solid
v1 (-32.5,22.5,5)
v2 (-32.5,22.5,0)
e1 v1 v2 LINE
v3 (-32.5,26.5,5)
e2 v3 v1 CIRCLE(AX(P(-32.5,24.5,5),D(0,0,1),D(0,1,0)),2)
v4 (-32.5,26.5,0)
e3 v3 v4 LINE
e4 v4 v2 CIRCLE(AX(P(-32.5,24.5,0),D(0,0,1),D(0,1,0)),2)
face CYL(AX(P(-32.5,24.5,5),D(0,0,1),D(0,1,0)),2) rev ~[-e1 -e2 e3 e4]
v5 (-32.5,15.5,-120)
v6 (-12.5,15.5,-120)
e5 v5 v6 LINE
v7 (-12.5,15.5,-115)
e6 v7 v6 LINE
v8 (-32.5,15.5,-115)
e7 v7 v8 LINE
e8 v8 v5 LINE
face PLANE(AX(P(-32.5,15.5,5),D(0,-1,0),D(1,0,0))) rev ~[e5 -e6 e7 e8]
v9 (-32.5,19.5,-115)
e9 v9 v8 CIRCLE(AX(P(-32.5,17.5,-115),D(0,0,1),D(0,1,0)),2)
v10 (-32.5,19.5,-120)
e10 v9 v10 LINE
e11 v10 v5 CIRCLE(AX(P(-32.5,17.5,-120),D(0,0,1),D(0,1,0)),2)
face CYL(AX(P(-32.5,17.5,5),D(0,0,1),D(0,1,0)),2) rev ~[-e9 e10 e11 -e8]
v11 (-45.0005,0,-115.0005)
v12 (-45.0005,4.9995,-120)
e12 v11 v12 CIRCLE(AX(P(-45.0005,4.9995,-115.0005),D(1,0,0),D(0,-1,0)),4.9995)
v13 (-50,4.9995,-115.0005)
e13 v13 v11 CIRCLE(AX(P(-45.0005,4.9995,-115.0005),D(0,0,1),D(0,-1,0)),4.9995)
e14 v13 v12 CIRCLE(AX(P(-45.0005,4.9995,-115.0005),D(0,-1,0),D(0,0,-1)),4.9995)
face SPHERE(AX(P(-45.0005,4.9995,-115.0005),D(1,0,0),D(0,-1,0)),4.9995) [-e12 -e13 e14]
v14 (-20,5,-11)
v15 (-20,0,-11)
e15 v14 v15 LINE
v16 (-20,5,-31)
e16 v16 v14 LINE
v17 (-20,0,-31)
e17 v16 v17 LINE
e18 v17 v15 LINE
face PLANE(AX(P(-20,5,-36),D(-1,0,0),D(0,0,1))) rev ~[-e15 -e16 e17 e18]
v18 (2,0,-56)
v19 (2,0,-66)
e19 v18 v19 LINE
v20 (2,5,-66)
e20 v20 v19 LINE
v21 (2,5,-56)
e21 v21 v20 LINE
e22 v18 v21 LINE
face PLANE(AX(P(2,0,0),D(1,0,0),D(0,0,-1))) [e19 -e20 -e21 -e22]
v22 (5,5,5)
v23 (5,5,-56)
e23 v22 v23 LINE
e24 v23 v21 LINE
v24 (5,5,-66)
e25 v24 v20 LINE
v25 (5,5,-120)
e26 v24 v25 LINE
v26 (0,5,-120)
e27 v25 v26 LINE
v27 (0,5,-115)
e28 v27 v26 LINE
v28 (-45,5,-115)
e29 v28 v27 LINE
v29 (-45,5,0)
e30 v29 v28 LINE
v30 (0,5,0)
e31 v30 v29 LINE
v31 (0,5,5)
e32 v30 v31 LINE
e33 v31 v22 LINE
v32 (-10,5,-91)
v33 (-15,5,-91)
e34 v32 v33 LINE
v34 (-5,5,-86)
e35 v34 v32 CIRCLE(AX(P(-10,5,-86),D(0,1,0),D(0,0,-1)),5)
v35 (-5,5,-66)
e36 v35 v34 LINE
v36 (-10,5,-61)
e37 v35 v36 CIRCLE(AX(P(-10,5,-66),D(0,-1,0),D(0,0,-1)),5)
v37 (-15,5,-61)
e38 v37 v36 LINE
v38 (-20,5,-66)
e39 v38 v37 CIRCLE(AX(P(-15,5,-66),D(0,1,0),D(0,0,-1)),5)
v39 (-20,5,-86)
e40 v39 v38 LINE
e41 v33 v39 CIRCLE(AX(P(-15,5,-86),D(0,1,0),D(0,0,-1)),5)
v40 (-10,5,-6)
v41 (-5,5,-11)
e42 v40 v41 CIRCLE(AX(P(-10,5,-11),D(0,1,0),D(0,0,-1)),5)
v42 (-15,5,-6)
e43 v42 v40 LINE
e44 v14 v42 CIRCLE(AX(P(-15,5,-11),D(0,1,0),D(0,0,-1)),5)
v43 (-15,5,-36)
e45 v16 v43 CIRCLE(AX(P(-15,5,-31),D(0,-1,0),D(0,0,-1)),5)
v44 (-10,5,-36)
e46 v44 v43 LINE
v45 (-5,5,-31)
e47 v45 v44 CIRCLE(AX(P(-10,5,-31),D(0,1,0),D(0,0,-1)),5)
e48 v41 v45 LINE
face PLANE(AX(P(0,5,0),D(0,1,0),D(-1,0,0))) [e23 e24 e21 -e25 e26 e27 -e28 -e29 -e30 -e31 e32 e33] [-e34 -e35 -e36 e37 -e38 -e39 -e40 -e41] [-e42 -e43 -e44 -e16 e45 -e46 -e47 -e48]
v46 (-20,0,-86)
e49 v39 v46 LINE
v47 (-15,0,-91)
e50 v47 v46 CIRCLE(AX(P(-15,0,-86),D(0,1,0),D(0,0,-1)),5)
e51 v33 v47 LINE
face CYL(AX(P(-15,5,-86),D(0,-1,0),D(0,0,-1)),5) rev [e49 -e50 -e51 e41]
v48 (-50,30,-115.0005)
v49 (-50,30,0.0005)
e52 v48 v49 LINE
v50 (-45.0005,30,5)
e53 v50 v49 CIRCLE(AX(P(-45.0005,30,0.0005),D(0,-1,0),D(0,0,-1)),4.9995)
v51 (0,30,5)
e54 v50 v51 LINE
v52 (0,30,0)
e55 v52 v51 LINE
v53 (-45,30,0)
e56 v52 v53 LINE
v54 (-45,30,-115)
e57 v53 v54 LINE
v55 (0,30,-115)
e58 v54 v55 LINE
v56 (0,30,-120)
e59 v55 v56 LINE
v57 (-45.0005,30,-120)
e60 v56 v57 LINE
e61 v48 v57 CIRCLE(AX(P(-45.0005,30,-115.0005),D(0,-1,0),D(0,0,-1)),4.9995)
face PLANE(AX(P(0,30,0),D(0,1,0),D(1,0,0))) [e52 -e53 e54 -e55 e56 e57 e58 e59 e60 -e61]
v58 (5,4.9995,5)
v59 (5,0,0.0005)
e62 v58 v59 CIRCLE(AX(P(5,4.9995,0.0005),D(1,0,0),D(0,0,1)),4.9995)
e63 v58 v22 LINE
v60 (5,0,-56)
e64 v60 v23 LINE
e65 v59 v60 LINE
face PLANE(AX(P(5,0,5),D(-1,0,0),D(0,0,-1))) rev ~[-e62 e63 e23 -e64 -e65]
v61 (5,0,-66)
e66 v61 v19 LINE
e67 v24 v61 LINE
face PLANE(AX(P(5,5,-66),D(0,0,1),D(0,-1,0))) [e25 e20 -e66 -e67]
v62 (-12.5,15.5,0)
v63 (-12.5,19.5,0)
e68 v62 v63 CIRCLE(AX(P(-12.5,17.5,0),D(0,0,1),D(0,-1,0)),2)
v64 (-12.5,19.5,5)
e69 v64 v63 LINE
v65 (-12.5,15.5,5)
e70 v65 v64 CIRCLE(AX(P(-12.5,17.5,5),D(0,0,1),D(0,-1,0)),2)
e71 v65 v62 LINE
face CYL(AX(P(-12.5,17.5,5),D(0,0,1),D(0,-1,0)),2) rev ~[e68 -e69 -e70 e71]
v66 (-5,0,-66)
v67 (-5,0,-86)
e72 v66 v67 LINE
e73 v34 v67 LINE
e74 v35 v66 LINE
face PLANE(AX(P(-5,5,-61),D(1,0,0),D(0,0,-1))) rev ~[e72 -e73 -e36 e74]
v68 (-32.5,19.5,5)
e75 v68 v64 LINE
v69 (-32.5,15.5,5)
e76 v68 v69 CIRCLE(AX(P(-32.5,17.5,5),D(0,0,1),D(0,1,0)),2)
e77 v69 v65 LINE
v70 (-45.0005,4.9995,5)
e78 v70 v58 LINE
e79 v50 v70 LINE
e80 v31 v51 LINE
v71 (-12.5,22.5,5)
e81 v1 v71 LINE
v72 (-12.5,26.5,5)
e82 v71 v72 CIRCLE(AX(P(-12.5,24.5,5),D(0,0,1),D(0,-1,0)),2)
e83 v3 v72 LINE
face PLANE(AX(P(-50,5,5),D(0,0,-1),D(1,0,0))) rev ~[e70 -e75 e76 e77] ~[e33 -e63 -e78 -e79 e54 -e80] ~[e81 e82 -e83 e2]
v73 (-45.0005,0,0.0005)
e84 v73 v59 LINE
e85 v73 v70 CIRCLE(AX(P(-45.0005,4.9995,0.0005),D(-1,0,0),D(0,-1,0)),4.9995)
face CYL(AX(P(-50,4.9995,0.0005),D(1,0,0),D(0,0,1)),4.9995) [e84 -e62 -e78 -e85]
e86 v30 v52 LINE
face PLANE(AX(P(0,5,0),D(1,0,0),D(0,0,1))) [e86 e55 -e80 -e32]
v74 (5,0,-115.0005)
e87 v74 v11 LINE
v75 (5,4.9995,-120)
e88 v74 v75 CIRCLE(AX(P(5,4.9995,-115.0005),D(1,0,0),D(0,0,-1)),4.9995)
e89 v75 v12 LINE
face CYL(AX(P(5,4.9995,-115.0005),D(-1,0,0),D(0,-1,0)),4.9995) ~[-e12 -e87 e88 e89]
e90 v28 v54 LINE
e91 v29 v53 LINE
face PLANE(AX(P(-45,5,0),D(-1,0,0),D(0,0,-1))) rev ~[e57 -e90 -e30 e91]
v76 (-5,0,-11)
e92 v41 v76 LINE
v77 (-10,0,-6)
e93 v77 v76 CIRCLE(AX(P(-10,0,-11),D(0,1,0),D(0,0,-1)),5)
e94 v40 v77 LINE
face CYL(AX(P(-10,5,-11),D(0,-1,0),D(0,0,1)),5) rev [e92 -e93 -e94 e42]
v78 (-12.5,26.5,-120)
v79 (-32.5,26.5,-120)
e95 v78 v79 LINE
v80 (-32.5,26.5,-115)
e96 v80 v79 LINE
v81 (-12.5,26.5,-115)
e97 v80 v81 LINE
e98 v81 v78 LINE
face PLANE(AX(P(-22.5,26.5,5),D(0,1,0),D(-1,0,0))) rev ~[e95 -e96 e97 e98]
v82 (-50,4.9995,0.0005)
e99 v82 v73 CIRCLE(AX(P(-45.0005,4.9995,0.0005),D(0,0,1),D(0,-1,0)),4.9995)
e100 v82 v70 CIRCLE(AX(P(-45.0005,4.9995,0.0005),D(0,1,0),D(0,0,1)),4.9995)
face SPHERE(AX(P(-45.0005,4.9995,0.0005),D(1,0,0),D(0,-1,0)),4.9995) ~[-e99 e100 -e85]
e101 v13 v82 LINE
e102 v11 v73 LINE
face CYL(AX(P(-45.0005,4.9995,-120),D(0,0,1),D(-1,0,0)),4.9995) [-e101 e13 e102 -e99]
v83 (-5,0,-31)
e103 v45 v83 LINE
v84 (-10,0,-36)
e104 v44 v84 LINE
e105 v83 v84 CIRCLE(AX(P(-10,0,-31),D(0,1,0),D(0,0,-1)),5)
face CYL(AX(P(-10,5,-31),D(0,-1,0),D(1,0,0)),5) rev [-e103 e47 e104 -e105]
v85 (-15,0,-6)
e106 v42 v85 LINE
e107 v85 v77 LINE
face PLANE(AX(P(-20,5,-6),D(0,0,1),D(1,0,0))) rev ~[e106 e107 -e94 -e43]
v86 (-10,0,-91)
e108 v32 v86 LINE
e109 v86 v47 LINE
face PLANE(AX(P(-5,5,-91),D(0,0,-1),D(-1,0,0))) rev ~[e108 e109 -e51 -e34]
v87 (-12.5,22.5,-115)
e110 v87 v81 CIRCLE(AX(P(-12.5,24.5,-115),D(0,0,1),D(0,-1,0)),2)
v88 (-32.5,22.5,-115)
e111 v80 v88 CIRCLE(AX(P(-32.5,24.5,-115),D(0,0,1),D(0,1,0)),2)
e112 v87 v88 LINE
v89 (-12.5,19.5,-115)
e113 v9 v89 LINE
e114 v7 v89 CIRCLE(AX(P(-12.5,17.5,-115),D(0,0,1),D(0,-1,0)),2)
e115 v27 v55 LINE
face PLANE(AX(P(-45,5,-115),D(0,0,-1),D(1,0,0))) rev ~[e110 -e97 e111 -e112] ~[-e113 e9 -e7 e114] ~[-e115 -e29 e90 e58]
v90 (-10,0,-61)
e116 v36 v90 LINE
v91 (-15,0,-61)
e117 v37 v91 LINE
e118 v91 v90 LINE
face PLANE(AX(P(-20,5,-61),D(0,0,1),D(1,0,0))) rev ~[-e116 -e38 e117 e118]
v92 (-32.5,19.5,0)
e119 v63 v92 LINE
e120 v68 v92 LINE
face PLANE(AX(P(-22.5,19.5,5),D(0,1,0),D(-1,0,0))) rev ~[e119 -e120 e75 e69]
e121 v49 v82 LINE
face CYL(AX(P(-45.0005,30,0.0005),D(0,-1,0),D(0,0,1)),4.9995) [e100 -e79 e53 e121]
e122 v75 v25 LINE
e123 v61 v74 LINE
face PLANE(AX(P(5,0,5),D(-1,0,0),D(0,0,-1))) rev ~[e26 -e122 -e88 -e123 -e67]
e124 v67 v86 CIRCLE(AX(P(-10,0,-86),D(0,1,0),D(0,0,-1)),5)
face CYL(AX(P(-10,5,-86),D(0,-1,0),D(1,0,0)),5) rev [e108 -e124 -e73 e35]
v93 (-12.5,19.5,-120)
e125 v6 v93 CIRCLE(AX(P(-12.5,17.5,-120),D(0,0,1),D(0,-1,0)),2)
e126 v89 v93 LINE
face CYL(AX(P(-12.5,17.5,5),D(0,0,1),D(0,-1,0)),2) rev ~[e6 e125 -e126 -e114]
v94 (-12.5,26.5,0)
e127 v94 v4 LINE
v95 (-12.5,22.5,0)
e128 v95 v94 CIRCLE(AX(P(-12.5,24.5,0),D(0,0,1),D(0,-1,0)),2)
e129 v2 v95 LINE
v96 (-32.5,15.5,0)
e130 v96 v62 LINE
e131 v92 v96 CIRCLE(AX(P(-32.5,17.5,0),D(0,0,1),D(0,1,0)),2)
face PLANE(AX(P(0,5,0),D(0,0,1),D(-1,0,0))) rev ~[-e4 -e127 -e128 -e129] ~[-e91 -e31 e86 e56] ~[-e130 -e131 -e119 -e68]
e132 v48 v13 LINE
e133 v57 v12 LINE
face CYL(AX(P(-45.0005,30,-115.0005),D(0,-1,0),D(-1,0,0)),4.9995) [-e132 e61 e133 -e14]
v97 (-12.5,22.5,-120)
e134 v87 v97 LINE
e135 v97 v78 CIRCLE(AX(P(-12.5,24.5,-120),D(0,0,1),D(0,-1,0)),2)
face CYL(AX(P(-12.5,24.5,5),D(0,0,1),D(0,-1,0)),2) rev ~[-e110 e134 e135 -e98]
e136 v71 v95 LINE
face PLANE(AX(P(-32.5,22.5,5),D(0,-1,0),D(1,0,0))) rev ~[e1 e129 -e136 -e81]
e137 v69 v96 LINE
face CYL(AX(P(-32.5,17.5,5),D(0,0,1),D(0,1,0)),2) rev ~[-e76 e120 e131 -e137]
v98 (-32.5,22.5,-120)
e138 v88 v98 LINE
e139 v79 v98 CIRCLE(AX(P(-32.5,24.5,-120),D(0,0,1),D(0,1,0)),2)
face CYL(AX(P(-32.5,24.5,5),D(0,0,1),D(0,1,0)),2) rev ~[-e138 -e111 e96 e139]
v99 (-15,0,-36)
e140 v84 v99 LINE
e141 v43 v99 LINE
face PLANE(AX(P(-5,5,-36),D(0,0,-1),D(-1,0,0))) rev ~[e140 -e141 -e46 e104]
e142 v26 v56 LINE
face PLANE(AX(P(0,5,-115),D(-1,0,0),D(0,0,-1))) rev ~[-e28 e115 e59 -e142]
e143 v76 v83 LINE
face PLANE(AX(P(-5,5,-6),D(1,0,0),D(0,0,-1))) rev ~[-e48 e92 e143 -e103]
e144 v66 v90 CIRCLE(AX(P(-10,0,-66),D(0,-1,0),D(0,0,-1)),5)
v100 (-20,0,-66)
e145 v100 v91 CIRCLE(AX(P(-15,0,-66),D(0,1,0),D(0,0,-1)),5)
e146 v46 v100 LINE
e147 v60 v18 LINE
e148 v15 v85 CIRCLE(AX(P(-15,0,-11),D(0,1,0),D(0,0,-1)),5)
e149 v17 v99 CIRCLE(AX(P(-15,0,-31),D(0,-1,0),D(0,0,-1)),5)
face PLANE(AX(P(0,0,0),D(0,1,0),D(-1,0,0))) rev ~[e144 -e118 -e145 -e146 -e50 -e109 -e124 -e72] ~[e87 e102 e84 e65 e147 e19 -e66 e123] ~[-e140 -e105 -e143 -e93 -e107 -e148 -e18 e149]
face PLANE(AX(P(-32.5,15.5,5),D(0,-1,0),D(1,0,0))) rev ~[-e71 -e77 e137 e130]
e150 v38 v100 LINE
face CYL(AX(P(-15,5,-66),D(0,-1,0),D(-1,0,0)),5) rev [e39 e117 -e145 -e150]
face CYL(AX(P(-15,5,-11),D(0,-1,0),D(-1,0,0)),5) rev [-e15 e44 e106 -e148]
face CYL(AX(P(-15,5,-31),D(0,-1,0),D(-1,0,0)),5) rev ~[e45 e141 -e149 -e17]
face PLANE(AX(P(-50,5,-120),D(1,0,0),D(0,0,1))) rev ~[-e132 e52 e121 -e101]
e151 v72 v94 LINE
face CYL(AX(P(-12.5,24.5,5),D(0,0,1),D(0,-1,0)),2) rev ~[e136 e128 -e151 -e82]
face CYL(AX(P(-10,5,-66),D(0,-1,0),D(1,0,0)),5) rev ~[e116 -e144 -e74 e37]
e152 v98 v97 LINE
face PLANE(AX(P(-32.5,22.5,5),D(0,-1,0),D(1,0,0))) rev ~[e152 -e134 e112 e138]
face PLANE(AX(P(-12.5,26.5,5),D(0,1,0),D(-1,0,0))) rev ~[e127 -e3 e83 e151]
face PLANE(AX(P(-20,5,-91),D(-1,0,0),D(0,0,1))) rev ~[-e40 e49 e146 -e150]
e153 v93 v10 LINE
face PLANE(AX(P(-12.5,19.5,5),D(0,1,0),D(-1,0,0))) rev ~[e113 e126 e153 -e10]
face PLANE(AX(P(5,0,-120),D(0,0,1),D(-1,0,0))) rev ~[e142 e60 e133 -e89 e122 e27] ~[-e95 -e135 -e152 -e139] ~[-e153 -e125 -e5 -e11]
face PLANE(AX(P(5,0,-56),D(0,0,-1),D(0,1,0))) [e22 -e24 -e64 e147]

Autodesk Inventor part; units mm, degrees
ref_plane "YZ Plane" through (0, 0, 0) normal (1, 0, 0) x (0, 1, 0)
ref_plane "XZ Plane" through (0, 0, 0) normal (0, 1, 0) x (-1, 0, 0)
ref_plane "XY Plane" through (0, 0, 0) normal (0, 0, 1) x (1, 0, 0)
sketch "Sketch1" plane through (0, 0, 0) normal (0, 1, 0) x (-1, 0, 0)
  line L0 (0, 0) -> (45, 0)
  line L1 (45, 0) -> (45, -115)
  line L2 (45, -115) -> (0, -115)
  line L3 (0, -115) -> (0, 0)
  line L4 (50, -120) -> (50, 5)
  line L5 (50, 5) -> (-5, 5)
  line L6 (-5, 5) -> (-5, -120)
  line L7 (-5, -120) -> (50, -120)
  dimension "d0" = 45
  dimension "d1" = 115
  dimension "d2" = 5
extrude "Extrusion1" add sketch "Sketch1" along normal blind 5 contours L0 L1 L2 L3 | L7 L6 L5 L4
sketch "Sketch2" plane through (0, 5, 0) normal (0, 1, 0) x (1, 0, 0)
  line L0 (0, 0) -> (-45, 0)
  line L1 (-45, 0) -> (-45, 115)
  line L2 (-45, 115) -> (0, 115)
  line L3 (0, 115) -> (0, 0)
  line L4 (5, 120) -> (-50, 120)
  line L5 (-50, 120) -> (-50, -5)
  line L6 (-50, -5) -> (5, -5)
  line L7 (0, 115) -> (0, 120)
  line L8 (5, 120) -> (-50, 120) projected
  line L9 (0, 0) -> (0, -5)
  dimension "d5" = 45
  dimension "d6" = 115
  dimension "d7" = 5
extrude "Extrusion2" add sketch "Sketch2" along normal blind 25 contours L9 L6 L5 L4 L7 L2 L1 L0
sketch "Sketch3" plane through (-50, 0, 5) normal (0, 0, 1) x (1, 0, 0)
  line L0 (5, 30) -> (50, 30) projected
  line L1 (27.5, 30) -> (27.5, 24.5)
  line L2 (17.5, 24.5) -> (37.5, 24.5) construction
  line L3 (17.5, 22.5) -> (37.5, 22.5)
  line L4 (37.5, 26.5) -> (17.5, 26.5)
  arc A0 (17.5, 26.5) -> (17.5, 22.5) centre (17.5, 24.5) ccw
  arc A1 (37.5, 22.5) -> (37.5, 26.5) centre (37.5, 24.5) ccw
  line L5 (27.5, 24.5) -> (47.5, 24.5) construction
  point P0 (50, 0)
  dimension "d10" = 5.5
  dimension "d11" = 10
  dimension "d12" = 0
  dimension "d13" = 4
extrude "Extrusion3" cut sketch "Sketch3" against normal blind 125
sketch "Sketch4" plane through (0, 5, 0) normal (0, 1, 0) x (1, 0, 0)
  line L0 (-45, 0) -> (-45, 115) projected
  line L1 (-45, 0) -> (-20, 0)
  line L2 (-45, 0) -> (0, 0) projected
  line L3 (-20, 0) -> (-20, 6)
  line L4 (-20, 6) -> (-5, 6)
  line L5 (-5, 6) -> (-5, 36)
  line L6 (-5, 36) -> (-20, 36)
  line L7 (-20, 36) -> (-20, 6)
  line L8 (-5, 91) -> (-20, 91)
  line L9 (-5, 61) -> (-5, 91)
  line L10 (-20, 91) -> (-20, 61)
  line L11 (-20, 61) -> (-5, 61)
  dimension "d16" = 25
  dimension "d17" = 6
  dimension "d18" = 15
  dimension "d19" = 30
  dimension "d22" = 55
extrude "Extrusion4" cut sketch "Sketch4" against normal blind 5
fillet "Fillet1" radius 5 5 edges at (-22.5, 0, 5) (-22.5, 0, -120) (-50, 0, -57.5) (-50, 15, 5) (-50, 15, -120)
fillet "Fillet2" radius 5 8 edges at (-20, 2.5, -6) (-5, 2.5, -36) (-5, 2.5, -91) (-20, 2.5, -36) (-20, 2.5, -91) (-5, 2.5, -6) (-5, 2.5, -61) (-20, 2.5, -61)
pattern_linear "Rectangular Pattern1" count 2 spacing 7 along (0, -1, 0) of "Extrusion3"
sketch "Sketch5" plane through (5, 0, 0) normal (1, 0, 0) x (0, 0, -1)
  line L0 (61, 0) -> (61, 5) projected
  line L1 (0, 0) -> (61, 0)
  line L2 (61, 0) -> (61, 5)
  line L3 (61, 5) -> (66, 5)
  line L4 (66, 5) -> (66, 0)
  line L5 (66, 0) -> (61, 0)
  line L6 (61, 5) -> (61, 0)
  line L7 (61, 0) -> (56, 0)
  line L8 (56, 0) -> (56, 5)
  line L9 (56, 5) -> (61, 5)
  dimension "d34" = 5
  dimension "d35" = 5
extrude "Extrusion5" cut sketch "Sketch5" against normal blind 3
properties part number "Power_Supply_Shroud"
